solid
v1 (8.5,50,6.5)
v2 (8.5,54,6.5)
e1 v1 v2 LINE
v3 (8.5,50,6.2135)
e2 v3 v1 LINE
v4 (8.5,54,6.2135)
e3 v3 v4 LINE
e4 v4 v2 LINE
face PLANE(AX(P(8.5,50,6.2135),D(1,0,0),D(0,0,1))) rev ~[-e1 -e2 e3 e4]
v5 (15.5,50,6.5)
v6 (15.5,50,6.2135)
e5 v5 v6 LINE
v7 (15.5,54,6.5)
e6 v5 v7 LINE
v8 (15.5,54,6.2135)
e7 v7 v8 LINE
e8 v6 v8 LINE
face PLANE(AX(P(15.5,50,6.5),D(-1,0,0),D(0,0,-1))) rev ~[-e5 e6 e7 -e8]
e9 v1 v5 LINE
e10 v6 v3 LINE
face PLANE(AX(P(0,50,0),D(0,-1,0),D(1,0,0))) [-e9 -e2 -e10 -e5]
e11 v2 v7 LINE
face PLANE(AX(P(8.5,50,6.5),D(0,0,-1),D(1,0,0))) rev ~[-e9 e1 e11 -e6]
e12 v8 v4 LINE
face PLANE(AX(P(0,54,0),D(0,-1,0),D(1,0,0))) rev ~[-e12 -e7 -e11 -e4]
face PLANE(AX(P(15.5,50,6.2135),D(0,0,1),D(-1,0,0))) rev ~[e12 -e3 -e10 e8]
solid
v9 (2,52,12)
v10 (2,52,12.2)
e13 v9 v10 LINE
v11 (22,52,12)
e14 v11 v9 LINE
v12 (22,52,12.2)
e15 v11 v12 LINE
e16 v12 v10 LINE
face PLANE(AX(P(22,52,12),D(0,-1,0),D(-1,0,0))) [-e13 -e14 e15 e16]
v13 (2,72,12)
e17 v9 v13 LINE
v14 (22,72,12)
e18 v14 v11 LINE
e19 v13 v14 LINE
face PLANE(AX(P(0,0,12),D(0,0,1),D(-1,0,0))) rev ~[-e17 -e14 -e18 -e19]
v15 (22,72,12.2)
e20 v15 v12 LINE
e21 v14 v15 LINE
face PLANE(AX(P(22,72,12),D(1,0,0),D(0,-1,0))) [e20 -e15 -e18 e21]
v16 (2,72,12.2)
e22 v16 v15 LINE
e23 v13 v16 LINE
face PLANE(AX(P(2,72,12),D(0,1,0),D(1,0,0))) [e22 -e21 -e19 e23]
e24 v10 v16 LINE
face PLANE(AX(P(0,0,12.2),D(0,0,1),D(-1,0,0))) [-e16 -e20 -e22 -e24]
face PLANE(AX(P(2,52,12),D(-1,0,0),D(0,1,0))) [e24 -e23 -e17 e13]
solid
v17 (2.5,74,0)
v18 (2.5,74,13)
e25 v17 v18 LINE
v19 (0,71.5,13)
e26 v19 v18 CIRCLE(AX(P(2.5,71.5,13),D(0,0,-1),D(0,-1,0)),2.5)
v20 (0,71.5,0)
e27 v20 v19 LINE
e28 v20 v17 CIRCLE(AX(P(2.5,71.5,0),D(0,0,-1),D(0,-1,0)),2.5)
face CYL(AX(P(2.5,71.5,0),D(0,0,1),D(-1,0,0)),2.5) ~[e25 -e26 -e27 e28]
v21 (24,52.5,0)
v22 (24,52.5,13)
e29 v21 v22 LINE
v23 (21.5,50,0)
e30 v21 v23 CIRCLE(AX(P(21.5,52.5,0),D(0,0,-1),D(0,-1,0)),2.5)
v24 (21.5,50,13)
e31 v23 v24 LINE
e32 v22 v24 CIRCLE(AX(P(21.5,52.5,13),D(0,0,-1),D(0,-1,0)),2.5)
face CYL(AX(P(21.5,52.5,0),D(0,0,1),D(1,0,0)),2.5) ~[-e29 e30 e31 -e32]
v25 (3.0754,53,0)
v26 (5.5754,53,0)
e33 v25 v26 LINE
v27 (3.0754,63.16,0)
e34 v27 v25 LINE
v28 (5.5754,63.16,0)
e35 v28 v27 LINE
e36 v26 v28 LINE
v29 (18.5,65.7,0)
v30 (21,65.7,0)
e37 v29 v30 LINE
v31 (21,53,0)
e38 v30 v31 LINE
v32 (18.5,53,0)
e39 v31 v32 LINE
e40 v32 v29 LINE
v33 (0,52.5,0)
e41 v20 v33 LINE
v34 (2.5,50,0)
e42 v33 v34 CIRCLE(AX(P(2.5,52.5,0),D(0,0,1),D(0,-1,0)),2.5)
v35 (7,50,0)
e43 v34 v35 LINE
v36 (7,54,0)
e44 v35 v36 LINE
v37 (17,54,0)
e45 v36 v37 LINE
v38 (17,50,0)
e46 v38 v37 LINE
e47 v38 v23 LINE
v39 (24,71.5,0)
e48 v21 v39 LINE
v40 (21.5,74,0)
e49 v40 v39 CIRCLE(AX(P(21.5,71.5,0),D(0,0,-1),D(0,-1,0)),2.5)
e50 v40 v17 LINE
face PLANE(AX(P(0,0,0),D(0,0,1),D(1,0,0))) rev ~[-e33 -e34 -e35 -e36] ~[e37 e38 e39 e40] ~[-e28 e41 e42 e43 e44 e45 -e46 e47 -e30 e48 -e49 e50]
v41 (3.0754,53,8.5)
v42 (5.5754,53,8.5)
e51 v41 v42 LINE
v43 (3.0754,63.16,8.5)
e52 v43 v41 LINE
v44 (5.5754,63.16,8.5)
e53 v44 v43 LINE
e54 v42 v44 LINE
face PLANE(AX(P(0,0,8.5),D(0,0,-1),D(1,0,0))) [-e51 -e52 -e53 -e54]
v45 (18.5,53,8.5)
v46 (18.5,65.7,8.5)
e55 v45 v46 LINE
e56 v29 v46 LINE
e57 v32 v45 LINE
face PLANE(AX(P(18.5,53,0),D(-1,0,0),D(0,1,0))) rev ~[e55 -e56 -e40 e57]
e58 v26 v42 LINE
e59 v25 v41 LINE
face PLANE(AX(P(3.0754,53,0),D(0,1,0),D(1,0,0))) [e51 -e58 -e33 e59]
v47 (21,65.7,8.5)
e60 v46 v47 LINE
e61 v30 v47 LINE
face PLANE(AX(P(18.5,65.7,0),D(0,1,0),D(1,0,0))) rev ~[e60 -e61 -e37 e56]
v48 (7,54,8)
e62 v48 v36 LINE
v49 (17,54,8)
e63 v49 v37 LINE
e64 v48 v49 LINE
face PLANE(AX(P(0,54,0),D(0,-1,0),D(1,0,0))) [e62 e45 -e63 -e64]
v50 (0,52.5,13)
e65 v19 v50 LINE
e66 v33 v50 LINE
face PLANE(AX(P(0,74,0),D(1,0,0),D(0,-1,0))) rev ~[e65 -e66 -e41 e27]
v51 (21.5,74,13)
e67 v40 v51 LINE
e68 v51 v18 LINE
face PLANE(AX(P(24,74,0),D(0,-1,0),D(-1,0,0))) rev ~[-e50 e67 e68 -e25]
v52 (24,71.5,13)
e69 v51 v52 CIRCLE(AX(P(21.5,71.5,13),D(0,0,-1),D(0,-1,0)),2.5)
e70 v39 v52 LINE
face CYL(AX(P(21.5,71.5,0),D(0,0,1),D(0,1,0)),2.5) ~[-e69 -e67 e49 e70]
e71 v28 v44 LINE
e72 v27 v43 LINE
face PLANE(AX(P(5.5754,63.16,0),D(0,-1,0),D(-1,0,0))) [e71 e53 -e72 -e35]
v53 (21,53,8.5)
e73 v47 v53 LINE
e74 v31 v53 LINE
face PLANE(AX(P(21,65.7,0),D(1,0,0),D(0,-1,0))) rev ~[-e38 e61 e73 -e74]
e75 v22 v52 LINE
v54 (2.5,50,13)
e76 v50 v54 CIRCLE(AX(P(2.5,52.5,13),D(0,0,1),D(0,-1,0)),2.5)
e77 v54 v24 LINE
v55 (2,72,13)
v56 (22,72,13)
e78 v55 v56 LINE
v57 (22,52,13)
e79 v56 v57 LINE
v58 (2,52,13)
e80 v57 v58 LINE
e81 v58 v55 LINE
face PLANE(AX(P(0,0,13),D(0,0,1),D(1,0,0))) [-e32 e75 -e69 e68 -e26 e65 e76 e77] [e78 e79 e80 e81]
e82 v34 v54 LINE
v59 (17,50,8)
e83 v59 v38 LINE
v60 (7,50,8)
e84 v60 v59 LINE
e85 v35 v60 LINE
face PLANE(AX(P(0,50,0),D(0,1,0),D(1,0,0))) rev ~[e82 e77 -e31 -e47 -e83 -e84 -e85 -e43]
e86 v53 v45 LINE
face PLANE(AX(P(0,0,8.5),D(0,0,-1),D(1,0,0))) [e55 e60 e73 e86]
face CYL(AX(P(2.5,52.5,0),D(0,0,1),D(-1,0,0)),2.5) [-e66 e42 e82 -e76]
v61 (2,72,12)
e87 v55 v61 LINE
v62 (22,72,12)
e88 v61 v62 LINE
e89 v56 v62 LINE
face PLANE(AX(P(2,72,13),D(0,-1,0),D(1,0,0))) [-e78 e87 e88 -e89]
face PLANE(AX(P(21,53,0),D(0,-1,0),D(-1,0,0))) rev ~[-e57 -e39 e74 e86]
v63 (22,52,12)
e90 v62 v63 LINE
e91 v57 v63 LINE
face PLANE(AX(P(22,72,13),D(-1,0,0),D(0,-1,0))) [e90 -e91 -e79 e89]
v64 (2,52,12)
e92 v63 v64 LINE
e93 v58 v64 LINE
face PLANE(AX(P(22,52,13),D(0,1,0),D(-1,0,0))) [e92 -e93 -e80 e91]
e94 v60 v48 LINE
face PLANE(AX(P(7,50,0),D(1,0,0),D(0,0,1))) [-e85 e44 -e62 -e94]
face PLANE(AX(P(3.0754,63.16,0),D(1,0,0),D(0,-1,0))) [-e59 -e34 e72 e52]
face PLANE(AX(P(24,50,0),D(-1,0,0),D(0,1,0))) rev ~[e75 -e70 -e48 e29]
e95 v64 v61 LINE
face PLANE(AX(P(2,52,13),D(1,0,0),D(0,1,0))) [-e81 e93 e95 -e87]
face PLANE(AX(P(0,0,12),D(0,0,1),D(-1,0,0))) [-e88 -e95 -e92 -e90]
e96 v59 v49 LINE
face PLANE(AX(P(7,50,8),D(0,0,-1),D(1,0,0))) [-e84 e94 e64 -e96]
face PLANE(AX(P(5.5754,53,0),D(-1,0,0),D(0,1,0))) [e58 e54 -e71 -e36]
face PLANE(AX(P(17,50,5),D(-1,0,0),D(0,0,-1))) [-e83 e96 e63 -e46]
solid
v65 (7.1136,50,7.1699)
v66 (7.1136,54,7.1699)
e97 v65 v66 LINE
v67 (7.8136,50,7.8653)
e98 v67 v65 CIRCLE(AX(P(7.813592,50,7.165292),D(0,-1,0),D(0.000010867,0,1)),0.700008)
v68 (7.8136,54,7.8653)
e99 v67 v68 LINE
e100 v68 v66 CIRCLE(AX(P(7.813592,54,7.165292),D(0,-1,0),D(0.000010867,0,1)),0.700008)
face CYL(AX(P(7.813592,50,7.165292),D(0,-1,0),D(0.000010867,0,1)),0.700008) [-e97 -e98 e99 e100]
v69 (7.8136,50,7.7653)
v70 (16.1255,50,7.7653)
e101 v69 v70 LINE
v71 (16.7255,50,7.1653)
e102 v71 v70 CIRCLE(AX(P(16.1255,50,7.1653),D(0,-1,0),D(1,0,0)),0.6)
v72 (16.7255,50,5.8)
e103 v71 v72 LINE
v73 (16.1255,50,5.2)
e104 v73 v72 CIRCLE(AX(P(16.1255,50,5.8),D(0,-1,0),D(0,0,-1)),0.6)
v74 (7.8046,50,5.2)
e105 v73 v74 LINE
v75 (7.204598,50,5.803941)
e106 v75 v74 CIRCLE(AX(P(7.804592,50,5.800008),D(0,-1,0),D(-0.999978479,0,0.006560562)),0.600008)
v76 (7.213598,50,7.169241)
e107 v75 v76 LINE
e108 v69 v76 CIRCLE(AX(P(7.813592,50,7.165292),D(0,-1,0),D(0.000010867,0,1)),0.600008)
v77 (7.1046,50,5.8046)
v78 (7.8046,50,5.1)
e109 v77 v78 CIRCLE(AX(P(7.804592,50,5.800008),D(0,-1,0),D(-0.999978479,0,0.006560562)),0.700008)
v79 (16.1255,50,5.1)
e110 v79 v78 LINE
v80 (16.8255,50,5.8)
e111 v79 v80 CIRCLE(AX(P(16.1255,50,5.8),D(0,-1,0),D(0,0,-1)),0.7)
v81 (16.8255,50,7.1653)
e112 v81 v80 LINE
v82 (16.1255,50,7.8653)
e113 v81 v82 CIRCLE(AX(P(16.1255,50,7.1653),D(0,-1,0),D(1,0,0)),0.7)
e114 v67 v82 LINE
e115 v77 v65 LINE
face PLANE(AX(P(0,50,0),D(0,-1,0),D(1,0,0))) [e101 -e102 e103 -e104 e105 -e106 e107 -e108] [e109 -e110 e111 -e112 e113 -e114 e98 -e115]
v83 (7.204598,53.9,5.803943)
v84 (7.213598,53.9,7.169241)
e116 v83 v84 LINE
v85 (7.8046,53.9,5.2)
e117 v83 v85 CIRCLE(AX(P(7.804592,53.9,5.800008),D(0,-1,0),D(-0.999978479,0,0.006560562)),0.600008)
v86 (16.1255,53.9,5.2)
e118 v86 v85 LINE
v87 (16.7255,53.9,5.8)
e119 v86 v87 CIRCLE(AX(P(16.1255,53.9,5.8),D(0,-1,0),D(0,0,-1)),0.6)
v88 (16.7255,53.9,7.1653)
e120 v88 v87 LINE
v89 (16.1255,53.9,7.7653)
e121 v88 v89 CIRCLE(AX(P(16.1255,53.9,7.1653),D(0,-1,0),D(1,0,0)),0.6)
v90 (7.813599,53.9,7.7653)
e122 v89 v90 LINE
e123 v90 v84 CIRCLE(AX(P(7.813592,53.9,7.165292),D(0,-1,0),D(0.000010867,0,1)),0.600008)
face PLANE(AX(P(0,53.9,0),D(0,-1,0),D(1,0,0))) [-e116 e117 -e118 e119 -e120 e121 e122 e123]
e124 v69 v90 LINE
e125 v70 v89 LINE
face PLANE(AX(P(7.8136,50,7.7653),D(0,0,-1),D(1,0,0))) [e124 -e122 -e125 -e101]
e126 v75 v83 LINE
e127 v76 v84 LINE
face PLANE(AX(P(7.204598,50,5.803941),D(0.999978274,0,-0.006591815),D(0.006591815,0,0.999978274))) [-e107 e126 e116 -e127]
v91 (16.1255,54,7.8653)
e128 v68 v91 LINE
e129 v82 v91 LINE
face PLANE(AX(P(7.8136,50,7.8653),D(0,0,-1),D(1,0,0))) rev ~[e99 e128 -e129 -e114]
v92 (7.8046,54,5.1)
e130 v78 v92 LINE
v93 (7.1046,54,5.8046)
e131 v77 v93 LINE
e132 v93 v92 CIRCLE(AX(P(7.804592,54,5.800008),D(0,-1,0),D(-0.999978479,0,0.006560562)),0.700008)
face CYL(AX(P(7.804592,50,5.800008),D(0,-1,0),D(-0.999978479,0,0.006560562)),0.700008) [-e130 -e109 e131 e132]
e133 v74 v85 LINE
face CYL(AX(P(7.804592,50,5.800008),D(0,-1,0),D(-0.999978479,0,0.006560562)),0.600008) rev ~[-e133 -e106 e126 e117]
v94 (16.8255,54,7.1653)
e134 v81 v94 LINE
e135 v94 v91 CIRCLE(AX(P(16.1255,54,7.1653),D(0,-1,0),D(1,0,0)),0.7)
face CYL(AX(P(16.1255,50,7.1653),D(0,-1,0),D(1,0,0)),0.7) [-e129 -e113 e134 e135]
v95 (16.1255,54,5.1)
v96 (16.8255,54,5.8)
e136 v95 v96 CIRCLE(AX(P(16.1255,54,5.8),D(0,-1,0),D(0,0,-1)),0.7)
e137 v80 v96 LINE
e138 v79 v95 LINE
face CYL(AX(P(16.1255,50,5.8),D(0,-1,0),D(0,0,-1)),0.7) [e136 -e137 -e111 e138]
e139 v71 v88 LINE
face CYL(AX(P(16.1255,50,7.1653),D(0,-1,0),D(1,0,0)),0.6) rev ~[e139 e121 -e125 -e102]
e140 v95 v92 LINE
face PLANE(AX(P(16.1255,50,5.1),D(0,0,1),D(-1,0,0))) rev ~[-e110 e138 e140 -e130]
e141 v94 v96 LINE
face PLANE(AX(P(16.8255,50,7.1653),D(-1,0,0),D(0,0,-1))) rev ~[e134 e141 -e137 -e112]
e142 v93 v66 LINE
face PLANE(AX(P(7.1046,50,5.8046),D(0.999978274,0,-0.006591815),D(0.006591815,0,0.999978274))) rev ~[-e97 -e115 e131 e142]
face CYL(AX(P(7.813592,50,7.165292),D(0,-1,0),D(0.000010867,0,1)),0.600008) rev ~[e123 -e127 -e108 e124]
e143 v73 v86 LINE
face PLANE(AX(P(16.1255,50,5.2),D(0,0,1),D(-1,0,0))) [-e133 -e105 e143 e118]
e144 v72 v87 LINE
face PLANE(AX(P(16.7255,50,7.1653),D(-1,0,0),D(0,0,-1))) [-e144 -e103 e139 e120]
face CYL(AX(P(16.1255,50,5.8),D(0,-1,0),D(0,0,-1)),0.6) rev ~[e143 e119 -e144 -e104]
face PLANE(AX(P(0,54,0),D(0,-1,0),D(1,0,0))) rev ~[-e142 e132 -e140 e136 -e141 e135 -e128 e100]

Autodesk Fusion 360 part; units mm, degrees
sketch "Esquisse1" plane through (0, 0, 0) normal (0, 0, 1) x (1, 0, 0)
  line L0 (0, 50) -> (24, 50)
  line L1 (24, 50) -> (24, 74)
  line L2 (24, 74) -> (0, 74)
  line L3 (0, 74) -> (0, 50)
  dimension "d1" = 24
  dimension "d2" = 24
extrude "Extrusion1" add sketch "Esquisse1" along normal blind 13 makes body 1
fillet "Congé1" radius 2.5 4 edges at (0, 50, 6.5) (24, 50, 6.5) (0, 74, 6.5) (24, 74, 6.5) on bodies 1
sketch "Esquisse2" plane through (0, 0, 13) normal (0, 0, 1) x (-1, 0, 0)
  arc A0 (-24, -71.5) -> (-21.5, -74) centre (-21.5, -71.5) ccw
  line L0 (-21.5, -74) -> (-2.5, -74)
  arc A1 (-2.5, -74) -> (0, -71.5) centre (-2.5, -71.5) ccw
  line L1 (0, -71.5) -> (0, -52.5)
  arc A2 (0, -52.5) -> (-2.5, -50) centre (-2.5, -52.5) ccw
  line L2 (-2.5, -50) -> (-21.5, -50)
  arc A3 (-21.5, -50) -> (-24, -52.5) centre (-21.5, -52.5) ccw
  line L3 (-24, -52.5) -> (-24, -71.5)
  line L4 (-2, -72) -> (-22, -72)
  line L5 (-22, -72) -> (-22, -52)
  line L6 (-22, -52) -> (-2, -52)
  line L7 (-2, -52) -> (-2, -72)
extrude "Extrusion2" cut sketch "Esquisse2" against normal blind 1 contours L4 L5 L6 L7 bodies 1
sketch "Esquisse4" plane through (0, 50, 0) normal (0, -1, 0) x (1, 0, 0)
  line L0 (21.5, 0) -> (21.5, 13)
  line L1 (21.5, 13) -> (2.5, 13)
  line L2 (2.5, 13) -> (2.5, 0)
  line L3 (2.5, 0) -> (21.5, 0)
  line L4 (12, 13) -> (12, 8) construction
  line L5 (7, 8) -> (17, 8)
  line L6 (17, 8) -> (17, 5)
  line L7 (17, 5) -> (7, 5)
  line L8 (7, 5) -> (7, 8)
  line L9 (7, 5) -> (17, 5)
  line L10 (17, 5) -> (17, 0)
  line L11 (17, 0) -> (7, 0)
  line L12 (7, 0) -> (7, 5)
  dimension "d9" = 5
  dimension "d10" = 10
  dimension "d11" = 3
extrude "Extrusion3" cut sketch "Esquisse4" against normal blind 4 contours L5 L6 L7 L8 L9 bodies 1
extrude "Extrusion4" cut sketch "Esquisse4" against normal blind 4 contours L3 L7 L9 L10 L11 L12 bodies 1
sketch "Esquisse5" plane through (0, 50, 0) normal (0, -1, 0) x (1, 0, 0)
  line L0 (7.8136, 7.8653) -> (16.1255, 7.8653)
  line L1 (16.8255, 7.1653) -> (16.8255, 5.8)
  line L2 (16.1255, 5.1) -> (7.8046, 5.1)
  line L3 (7.1046, 5.8046) -> (7.1136, 7.1699)
  line L4 (8.5, 6.5) -> (15.5, 6.5)
  line L5 (15.5, 6.5) -> (15.5, 6.2135)
  line L6 (15.5, 6.2135) -> (8.5, 6.2135)
  line L7 (8.5, 6.2135) -> (8.5, 6.5)
  arc A0 (7.8136, 7.8653) -> (7.1136, 7.1699) centre (7.8136, 7.1653) ccw
  arc A1 (7.1046, 5.8046) -> (7.8046, 5.1) centre (7.8046, 5.8) ccw
  arc A2 (16.8255, 7.1653) -> (16.1255, 7.8653) centre (16.1255, 7.1653) ccw
  arc A3 (16.1255, 5.1) -> (16.8255, 5.8) centre (16.1255, 5.8) ccw
  dimension "d18" = 0.7
extrude "Extrusion7" add sketch "Esquisse5" against normal blind 4 separate body contours L0 L1 L2 L3 A0 A1 A2 A3 | L4 L5 L6 L7 makes body 2
shell "Coque2" thickness 0.1 removed faces 1 at (10.5812, 50, 6.0218) on bodies 2
extrude "Extrusion8" add sketch "Esquisse5" against normal blind 4 separate body contours L4 L5 L6 L7 makes body 3
sketch "Esquisse6" plane through (0, 0, 0) normal (0, 0, -1) x (1, 0, 0)
  line L0 (17, -50) -> (17, -54)
  line L1 (17, -54) -> (7, -54)
  line L2 (7, -54) -> (7, -50)
  line L3 (7, -50) -> (2.5, -50)
  arc A0 (2.5, -50) -> (0, -52.5) centre (2.5, -52.5) ccw
  line L4 (0, -52.5) -> (0, -71.5)
  arc A1 (0, -71.5) -> (2.5, -74) centre (2.5, -71.5) ccw
  line L5 (2.5, -74) -> (21.5, -74)
  arc A2 (21.5, -74) -> (24, -71.5) centre (21.5, -71.5) ccw
  line L6 (24, -71.5) -> (24, -52.5)
  arc A3 (24, -52.5) -> (21.5, -50) centre (21.5, -52.5) ccw
  line L7 (21.5, -50) -> (17, -50)
  line L8 (0, -53) -> (3, -53)
  line L9 (3.0754, -50) -> (3.0754, -53)
  line L10 (3.0754, -53) -> (5.5754, -53)
  line L11 (5.5754, -53) -> (5.5754, -63.16)
  line L12 (5.5754, -63.16) -> (3.0754, -63.16)
  line L13 (3.0754, -63.16) -> (3.0754, -53)
  line L14 (24, -53) -> (21, -53)
  line L15 (21, -53) -> (18.5, -53)
  line L16 (18.5, -53) -> (18.5, -65.7)
  line L17 (18.5, -65.7) -> (21, -65.7)
  line L18 (21, -65.7) -> (21, -53)
  dimension "d27" = 3
  dimension "d28" = 3
  dimension "d29" = 2.5
  dimension "d30" = 10.16
  dimension "d31" = 3
  dimension "d32" = 2.5
  dimension "d33" = 12.7
extrude "Extrusion9" cut sketch "Esquisse6" against normal blind 8.5 contours L10 L11 L12 L13 | L15 L16 L17 L18 bodies 1
extrude "Extrusion10" add 1 faces at (8.6667, 65.3333, 12) along direction (0, 0, 1) blind 0.2 separate body on bodies 1 makes body 4
equation "d30 = ( 2.54 * 4 ) * 1 mm"
equation "d33 = ( 2.54 * 5 ) * 1 mm"
